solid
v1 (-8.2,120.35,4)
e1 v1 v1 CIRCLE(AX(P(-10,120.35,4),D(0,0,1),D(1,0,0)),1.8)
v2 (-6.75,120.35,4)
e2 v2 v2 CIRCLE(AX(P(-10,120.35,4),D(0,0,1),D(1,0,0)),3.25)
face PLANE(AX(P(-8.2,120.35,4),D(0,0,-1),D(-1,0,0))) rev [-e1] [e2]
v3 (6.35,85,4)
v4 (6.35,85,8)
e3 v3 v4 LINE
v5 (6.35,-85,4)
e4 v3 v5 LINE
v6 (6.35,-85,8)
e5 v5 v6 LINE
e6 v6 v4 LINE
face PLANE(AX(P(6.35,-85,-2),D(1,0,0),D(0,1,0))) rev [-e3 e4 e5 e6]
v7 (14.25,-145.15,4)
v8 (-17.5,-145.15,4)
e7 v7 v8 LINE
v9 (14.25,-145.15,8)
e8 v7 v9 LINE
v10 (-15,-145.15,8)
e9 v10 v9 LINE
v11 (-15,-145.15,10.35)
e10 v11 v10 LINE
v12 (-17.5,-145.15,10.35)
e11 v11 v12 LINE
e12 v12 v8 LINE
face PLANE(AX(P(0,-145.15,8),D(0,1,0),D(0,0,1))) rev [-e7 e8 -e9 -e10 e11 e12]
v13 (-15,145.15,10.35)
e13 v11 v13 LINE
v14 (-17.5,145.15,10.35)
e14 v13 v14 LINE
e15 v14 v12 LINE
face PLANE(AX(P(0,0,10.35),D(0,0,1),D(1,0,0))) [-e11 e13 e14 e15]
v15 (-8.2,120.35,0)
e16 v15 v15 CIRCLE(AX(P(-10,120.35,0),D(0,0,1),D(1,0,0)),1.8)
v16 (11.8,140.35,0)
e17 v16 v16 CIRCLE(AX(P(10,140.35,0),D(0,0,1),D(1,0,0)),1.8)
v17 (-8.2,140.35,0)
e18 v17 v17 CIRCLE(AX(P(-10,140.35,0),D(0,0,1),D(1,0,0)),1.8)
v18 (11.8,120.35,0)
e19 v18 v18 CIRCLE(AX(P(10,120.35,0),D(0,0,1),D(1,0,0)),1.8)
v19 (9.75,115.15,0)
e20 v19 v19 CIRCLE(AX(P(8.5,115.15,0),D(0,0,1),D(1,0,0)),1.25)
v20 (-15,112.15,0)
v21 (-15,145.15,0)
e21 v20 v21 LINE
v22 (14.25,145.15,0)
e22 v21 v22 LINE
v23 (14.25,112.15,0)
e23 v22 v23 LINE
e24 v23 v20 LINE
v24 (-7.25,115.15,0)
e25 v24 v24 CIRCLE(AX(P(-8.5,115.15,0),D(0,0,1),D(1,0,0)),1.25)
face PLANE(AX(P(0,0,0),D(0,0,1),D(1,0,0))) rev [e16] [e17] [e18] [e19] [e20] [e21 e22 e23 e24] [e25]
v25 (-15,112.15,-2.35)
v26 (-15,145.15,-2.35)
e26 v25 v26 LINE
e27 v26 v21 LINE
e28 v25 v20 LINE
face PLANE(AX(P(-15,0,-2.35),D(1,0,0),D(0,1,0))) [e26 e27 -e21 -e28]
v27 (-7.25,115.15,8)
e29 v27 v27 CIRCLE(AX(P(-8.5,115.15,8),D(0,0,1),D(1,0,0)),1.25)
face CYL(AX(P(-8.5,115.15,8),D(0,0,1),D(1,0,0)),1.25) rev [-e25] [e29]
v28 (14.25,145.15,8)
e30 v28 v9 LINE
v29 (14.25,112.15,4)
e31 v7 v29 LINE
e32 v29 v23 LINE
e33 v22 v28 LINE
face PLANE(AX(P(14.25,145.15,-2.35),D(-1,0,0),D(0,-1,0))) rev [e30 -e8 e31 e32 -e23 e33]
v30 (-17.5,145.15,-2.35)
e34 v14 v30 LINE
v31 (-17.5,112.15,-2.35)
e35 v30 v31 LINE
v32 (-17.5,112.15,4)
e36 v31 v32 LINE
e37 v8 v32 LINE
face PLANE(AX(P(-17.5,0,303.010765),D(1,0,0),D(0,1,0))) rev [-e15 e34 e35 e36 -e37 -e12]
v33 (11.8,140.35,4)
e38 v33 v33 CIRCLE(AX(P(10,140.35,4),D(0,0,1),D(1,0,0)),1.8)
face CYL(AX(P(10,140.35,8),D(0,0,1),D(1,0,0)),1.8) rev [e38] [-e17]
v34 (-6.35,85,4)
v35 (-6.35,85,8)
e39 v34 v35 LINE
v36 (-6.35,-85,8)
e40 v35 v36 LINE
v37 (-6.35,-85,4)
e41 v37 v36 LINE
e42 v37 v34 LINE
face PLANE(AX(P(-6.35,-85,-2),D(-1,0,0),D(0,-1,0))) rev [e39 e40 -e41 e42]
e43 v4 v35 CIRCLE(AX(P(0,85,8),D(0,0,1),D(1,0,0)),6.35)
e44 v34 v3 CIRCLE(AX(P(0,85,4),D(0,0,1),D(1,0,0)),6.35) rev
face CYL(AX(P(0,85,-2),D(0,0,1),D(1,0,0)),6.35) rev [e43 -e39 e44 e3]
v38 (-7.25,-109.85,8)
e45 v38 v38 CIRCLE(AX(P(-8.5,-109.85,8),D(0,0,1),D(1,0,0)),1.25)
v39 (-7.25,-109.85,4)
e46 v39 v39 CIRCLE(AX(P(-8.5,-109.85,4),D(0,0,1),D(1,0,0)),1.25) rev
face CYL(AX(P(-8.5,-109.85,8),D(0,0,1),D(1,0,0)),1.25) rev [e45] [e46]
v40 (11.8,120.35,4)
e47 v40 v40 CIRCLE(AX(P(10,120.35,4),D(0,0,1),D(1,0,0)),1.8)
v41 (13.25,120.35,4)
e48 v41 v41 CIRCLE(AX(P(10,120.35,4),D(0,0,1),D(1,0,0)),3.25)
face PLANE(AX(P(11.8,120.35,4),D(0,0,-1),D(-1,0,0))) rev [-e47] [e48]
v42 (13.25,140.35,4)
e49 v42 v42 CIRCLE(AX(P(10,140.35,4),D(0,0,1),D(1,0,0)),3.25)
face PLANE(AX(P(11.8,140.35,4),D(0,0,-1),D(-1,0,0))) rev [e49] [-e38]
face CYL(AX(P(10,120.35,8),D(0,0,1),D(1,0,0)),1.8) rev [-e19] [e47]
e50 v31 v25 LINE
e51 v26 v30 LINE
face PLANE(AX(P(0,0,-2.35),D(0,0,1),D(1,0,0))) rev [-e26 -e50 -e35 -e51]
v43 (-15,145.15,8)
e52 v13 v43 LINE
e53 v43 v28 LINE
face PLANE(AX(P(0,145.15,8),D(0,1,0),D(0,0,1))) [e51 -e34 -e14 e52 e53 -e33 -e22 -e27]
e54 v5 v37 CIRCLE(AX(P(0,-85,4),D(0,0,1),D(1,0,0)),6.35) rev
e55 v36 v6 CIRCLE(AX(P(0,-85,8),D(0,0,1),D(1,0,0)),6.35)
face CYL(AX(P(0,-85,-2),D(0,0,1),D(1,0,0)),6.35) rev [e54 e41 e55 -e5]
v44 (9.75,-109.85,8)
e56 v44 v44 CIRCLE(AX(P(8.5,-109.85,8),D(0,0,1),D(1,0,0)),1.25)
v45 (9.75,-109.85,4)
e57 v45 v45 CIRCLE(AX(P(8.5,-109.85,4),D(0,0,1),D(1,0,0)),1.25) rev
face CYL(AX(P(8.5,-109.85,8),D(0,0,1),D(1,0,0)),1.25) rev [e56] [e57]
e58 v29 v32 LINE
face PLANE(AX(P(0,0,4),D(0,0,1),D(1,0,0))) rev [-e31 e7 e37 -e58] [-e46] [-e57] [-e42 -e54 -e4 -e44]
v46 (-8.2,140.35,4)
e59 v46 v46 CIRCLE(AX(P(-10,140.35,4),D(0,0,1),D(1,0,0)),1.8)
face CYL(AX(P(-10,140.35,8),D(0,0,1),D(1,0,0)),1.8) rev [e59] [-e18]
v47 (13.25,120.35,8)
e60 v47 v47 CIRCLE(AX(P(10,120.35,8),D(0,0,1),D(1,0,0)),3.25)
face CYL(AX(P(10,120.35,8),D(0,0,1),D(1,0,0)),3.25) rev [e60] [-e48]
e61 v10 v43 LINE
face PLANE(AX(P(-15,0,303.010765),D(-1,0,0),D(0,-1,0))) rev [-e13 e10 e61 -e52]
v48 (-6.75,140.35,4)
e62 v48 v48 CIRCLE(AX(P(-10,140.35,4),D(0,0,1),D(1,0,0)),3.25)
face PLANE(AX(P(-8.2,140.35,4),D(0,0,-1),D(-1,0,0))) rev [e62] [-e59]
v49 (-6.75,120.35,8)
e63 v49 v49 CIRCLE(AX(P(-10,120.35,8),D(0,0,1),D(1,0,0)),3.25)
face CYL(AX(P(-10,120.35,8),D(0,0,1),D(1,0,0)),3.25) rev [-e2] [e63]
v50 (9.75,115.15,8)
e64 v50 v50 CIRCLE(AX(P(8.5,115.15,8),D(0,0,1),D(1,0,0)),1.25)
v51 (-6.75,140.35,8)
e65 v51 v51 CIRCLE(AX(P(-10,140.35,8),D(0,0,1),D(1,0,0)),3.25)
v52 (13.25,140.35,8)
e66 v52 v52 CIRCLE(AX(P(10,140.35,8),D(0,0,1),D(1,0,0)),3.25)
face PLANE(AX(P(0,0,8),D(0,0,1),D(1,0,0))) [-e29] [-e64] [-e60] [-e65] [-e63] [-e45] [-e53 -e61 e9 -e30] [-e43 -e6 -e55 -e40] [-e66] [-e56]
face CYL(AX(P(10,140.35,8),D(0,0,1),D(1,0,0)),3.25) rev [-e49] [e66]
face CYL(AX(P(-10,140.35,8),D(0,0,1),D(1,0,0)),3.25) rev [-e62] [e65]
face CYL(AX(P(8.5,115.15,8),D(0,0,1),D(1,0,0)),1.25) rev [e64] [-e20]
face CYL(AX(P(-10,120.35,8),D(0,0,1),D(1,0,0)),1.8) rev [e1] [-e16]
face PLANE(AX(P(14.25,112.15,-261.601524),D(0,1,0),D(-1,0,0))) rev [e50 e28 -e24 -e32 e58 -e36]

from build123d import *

# Parameters (mm, degrees)
SKETCH1_W                      = 30
SKETCH1_H                      = 290.3
BOSS_EXTRUDE1_DEPTH            = 8
SKETCH1_3_W                    = 2.5
SKETCH1_3_H                    = 290.3
BOSS_EXTRUDE2_DEPTH            = 10.35
SKETCH1_6_W                    = 2.5
SKETCH1_6_H                    = 290.3
BOSS_EXTRUDE3_DEPTH            = 2.35
CBORE_FOR_M3_SHCS1_D           = 3.6
CBORE_FOR_M3_SHCS1_CBORE_D     = 6.5
CBORE_FOR_M3_SHCS1_CBORE_DEPTH = 4
M3X0_5_TAPPED_HOLE1_D          = 2.5
CUT_EXTRUDE1_DEPTH             = 10
SKETCH12_W                     = 0.75
SKETCH12_H                     = 290.3
CUT_EXTRUDE2_DEPTH             = 147.567032446
SKETCH15_W                     = 31.75
SKETCH15_H                     = 257.3
CUT_EXTRUDE3_DEPTH             = 4
CUT_EXTRUDE3_DIRECTION_2_REACH = 148.567


with BuildPart() as part:
    # Sketch1 → Boss-Extrude1 (new body)
    with BuildSketch(Plane.XY):
        Rectangle(SKETCH1_W, SKETCH1_H)
    extrude(amount=BOSS_EXTRUDE1_DEPTH)

    # Sketch1<3> → Boss-Extrude2 (add)
    with BuildSketch(Plane.XY):
        with Locations((-16.25, 0)):
            Rectangle(SKETCH1_3_W, SKETCH1_3_H)
    extrude(amount=BOSS_EXTRUDE2_DEPTH)

    # Sketch1<6> → Boss-Extrude3 (add)
    with BuildSketch(Plane.XY):
        with Locations((-16.25, 0)):
            Rectangle(SKETCH1_6_W, SKETCH1_6_H)
    extrude(amount=-BOSS_EXTRUDE3_DEPTH)

    # CBORE for M3 SHCS1 (through all)
    with Locations(Plane.XY.offset(8)):
        with Locations((-10, 140.35), (10, 140.35), (10, 120.35), (-10, 120.35)):
            CounterBoreHole(CBORE_FOR_M3_SHCS1_D / 2, CBORE_FOR_M3_SHCS1_CBORE_D / 2, CBORE_FOR_M3_SHCS1_CBORE_DEPTH)

    # M3x0.5 Tapped Hole1 (through all)
    with Locations(Plane.XY.offset(8)):
        with Locations((-8.5, 115.15), (8.5, 115.15), (8.5, -109.85), (-8.5, -109.85)):
            Hole(M3X0_5_TAPPED_HOLE1_D / 2)

    # Sketch11 → Cut-Extrude1 (cut)
    with BuildSketch(Plane.XY.offset(8)):
        with BuildLine():
            Line((-6.35, -85), (-6.35, 85))
            ThreePointArc((-6.35, 85), (0, 91.35), (6.35, 85))
            Line((6.35, 85), (6.35, -85))
            ThreePointArc((6.35, -85), (0, -91.35), (-6.35, -85))
        make_face()
    extrude(amount=-CUT_EXTRUDE1_DEPTH, mode=Mode.SUBTRACT)

    # Sketch12 → Cut-Extrude2 (cut, through all)
    with BuildSketch(Plane.XY.offset(8)):
        with Locations((14.625, 0)):
            Rectangle(SKETCH12_W, SKETCH12_H)
    extrude(amount=-CUT_EXTRUDE2_DEPTH, mode=Mode.SUBTRACT)

    # Sketch15 → Cut-Extrude3 (cut)
    with BuildSketch(Plane(origin=(0, 0, 0), x_dir=(-1, 0, 0), z_dir=(0, 0, -1))):
        with Locations((1.625, -16.5)):
            Rectangle(SKETCH15_W, SKETCH15_H)
    extrude(amount=-CUT_EXTRUDE3_DEPTH, mode=Mode.SUBTRACT)

    # Cut-Extrude3 direction 2: up to this face of the body (flat: up to its plane)
    cut_extrude3_direction_2_end = Plane(part.part.faces().sort_by_distance((-16.25, 0, -2.35))[0])
    # Sketch15 → Cut-Extrude3 direction 2 (cut, up to the picked face)
    with BuildSketch(Plane(origin=(0, 0, 0), x_dir=(-1, 0, 0), z_dir=(0, 0, -1)), mode=Mode.PRIVATE) as cut_extrude3_direction_2_sk1:
        with Locations((1.625, -16.5)):
            Rectangle(SKETCH15_W, SKETCH15_H)
    cut_extrude3_direction_2_tool1 = split(extrude(cut_extrude3_direction_2_sk1.sketch, amount=CUT_EXTRUDE3_DIRECTION_2_REACH, mode=Mode.PRIVATE), bisect_by=cut_extrude3_direction_2_end, keep=Keep.BOTH, mode=Mode.PRIVATE)
    add(cut_extrude3_direction_2_tool1.solids().sort_by(Axis((-1.625, -16.5, 0), (0, 0, -1)))[0], mode=Mode.SUBTRACT)


solid = part.part
